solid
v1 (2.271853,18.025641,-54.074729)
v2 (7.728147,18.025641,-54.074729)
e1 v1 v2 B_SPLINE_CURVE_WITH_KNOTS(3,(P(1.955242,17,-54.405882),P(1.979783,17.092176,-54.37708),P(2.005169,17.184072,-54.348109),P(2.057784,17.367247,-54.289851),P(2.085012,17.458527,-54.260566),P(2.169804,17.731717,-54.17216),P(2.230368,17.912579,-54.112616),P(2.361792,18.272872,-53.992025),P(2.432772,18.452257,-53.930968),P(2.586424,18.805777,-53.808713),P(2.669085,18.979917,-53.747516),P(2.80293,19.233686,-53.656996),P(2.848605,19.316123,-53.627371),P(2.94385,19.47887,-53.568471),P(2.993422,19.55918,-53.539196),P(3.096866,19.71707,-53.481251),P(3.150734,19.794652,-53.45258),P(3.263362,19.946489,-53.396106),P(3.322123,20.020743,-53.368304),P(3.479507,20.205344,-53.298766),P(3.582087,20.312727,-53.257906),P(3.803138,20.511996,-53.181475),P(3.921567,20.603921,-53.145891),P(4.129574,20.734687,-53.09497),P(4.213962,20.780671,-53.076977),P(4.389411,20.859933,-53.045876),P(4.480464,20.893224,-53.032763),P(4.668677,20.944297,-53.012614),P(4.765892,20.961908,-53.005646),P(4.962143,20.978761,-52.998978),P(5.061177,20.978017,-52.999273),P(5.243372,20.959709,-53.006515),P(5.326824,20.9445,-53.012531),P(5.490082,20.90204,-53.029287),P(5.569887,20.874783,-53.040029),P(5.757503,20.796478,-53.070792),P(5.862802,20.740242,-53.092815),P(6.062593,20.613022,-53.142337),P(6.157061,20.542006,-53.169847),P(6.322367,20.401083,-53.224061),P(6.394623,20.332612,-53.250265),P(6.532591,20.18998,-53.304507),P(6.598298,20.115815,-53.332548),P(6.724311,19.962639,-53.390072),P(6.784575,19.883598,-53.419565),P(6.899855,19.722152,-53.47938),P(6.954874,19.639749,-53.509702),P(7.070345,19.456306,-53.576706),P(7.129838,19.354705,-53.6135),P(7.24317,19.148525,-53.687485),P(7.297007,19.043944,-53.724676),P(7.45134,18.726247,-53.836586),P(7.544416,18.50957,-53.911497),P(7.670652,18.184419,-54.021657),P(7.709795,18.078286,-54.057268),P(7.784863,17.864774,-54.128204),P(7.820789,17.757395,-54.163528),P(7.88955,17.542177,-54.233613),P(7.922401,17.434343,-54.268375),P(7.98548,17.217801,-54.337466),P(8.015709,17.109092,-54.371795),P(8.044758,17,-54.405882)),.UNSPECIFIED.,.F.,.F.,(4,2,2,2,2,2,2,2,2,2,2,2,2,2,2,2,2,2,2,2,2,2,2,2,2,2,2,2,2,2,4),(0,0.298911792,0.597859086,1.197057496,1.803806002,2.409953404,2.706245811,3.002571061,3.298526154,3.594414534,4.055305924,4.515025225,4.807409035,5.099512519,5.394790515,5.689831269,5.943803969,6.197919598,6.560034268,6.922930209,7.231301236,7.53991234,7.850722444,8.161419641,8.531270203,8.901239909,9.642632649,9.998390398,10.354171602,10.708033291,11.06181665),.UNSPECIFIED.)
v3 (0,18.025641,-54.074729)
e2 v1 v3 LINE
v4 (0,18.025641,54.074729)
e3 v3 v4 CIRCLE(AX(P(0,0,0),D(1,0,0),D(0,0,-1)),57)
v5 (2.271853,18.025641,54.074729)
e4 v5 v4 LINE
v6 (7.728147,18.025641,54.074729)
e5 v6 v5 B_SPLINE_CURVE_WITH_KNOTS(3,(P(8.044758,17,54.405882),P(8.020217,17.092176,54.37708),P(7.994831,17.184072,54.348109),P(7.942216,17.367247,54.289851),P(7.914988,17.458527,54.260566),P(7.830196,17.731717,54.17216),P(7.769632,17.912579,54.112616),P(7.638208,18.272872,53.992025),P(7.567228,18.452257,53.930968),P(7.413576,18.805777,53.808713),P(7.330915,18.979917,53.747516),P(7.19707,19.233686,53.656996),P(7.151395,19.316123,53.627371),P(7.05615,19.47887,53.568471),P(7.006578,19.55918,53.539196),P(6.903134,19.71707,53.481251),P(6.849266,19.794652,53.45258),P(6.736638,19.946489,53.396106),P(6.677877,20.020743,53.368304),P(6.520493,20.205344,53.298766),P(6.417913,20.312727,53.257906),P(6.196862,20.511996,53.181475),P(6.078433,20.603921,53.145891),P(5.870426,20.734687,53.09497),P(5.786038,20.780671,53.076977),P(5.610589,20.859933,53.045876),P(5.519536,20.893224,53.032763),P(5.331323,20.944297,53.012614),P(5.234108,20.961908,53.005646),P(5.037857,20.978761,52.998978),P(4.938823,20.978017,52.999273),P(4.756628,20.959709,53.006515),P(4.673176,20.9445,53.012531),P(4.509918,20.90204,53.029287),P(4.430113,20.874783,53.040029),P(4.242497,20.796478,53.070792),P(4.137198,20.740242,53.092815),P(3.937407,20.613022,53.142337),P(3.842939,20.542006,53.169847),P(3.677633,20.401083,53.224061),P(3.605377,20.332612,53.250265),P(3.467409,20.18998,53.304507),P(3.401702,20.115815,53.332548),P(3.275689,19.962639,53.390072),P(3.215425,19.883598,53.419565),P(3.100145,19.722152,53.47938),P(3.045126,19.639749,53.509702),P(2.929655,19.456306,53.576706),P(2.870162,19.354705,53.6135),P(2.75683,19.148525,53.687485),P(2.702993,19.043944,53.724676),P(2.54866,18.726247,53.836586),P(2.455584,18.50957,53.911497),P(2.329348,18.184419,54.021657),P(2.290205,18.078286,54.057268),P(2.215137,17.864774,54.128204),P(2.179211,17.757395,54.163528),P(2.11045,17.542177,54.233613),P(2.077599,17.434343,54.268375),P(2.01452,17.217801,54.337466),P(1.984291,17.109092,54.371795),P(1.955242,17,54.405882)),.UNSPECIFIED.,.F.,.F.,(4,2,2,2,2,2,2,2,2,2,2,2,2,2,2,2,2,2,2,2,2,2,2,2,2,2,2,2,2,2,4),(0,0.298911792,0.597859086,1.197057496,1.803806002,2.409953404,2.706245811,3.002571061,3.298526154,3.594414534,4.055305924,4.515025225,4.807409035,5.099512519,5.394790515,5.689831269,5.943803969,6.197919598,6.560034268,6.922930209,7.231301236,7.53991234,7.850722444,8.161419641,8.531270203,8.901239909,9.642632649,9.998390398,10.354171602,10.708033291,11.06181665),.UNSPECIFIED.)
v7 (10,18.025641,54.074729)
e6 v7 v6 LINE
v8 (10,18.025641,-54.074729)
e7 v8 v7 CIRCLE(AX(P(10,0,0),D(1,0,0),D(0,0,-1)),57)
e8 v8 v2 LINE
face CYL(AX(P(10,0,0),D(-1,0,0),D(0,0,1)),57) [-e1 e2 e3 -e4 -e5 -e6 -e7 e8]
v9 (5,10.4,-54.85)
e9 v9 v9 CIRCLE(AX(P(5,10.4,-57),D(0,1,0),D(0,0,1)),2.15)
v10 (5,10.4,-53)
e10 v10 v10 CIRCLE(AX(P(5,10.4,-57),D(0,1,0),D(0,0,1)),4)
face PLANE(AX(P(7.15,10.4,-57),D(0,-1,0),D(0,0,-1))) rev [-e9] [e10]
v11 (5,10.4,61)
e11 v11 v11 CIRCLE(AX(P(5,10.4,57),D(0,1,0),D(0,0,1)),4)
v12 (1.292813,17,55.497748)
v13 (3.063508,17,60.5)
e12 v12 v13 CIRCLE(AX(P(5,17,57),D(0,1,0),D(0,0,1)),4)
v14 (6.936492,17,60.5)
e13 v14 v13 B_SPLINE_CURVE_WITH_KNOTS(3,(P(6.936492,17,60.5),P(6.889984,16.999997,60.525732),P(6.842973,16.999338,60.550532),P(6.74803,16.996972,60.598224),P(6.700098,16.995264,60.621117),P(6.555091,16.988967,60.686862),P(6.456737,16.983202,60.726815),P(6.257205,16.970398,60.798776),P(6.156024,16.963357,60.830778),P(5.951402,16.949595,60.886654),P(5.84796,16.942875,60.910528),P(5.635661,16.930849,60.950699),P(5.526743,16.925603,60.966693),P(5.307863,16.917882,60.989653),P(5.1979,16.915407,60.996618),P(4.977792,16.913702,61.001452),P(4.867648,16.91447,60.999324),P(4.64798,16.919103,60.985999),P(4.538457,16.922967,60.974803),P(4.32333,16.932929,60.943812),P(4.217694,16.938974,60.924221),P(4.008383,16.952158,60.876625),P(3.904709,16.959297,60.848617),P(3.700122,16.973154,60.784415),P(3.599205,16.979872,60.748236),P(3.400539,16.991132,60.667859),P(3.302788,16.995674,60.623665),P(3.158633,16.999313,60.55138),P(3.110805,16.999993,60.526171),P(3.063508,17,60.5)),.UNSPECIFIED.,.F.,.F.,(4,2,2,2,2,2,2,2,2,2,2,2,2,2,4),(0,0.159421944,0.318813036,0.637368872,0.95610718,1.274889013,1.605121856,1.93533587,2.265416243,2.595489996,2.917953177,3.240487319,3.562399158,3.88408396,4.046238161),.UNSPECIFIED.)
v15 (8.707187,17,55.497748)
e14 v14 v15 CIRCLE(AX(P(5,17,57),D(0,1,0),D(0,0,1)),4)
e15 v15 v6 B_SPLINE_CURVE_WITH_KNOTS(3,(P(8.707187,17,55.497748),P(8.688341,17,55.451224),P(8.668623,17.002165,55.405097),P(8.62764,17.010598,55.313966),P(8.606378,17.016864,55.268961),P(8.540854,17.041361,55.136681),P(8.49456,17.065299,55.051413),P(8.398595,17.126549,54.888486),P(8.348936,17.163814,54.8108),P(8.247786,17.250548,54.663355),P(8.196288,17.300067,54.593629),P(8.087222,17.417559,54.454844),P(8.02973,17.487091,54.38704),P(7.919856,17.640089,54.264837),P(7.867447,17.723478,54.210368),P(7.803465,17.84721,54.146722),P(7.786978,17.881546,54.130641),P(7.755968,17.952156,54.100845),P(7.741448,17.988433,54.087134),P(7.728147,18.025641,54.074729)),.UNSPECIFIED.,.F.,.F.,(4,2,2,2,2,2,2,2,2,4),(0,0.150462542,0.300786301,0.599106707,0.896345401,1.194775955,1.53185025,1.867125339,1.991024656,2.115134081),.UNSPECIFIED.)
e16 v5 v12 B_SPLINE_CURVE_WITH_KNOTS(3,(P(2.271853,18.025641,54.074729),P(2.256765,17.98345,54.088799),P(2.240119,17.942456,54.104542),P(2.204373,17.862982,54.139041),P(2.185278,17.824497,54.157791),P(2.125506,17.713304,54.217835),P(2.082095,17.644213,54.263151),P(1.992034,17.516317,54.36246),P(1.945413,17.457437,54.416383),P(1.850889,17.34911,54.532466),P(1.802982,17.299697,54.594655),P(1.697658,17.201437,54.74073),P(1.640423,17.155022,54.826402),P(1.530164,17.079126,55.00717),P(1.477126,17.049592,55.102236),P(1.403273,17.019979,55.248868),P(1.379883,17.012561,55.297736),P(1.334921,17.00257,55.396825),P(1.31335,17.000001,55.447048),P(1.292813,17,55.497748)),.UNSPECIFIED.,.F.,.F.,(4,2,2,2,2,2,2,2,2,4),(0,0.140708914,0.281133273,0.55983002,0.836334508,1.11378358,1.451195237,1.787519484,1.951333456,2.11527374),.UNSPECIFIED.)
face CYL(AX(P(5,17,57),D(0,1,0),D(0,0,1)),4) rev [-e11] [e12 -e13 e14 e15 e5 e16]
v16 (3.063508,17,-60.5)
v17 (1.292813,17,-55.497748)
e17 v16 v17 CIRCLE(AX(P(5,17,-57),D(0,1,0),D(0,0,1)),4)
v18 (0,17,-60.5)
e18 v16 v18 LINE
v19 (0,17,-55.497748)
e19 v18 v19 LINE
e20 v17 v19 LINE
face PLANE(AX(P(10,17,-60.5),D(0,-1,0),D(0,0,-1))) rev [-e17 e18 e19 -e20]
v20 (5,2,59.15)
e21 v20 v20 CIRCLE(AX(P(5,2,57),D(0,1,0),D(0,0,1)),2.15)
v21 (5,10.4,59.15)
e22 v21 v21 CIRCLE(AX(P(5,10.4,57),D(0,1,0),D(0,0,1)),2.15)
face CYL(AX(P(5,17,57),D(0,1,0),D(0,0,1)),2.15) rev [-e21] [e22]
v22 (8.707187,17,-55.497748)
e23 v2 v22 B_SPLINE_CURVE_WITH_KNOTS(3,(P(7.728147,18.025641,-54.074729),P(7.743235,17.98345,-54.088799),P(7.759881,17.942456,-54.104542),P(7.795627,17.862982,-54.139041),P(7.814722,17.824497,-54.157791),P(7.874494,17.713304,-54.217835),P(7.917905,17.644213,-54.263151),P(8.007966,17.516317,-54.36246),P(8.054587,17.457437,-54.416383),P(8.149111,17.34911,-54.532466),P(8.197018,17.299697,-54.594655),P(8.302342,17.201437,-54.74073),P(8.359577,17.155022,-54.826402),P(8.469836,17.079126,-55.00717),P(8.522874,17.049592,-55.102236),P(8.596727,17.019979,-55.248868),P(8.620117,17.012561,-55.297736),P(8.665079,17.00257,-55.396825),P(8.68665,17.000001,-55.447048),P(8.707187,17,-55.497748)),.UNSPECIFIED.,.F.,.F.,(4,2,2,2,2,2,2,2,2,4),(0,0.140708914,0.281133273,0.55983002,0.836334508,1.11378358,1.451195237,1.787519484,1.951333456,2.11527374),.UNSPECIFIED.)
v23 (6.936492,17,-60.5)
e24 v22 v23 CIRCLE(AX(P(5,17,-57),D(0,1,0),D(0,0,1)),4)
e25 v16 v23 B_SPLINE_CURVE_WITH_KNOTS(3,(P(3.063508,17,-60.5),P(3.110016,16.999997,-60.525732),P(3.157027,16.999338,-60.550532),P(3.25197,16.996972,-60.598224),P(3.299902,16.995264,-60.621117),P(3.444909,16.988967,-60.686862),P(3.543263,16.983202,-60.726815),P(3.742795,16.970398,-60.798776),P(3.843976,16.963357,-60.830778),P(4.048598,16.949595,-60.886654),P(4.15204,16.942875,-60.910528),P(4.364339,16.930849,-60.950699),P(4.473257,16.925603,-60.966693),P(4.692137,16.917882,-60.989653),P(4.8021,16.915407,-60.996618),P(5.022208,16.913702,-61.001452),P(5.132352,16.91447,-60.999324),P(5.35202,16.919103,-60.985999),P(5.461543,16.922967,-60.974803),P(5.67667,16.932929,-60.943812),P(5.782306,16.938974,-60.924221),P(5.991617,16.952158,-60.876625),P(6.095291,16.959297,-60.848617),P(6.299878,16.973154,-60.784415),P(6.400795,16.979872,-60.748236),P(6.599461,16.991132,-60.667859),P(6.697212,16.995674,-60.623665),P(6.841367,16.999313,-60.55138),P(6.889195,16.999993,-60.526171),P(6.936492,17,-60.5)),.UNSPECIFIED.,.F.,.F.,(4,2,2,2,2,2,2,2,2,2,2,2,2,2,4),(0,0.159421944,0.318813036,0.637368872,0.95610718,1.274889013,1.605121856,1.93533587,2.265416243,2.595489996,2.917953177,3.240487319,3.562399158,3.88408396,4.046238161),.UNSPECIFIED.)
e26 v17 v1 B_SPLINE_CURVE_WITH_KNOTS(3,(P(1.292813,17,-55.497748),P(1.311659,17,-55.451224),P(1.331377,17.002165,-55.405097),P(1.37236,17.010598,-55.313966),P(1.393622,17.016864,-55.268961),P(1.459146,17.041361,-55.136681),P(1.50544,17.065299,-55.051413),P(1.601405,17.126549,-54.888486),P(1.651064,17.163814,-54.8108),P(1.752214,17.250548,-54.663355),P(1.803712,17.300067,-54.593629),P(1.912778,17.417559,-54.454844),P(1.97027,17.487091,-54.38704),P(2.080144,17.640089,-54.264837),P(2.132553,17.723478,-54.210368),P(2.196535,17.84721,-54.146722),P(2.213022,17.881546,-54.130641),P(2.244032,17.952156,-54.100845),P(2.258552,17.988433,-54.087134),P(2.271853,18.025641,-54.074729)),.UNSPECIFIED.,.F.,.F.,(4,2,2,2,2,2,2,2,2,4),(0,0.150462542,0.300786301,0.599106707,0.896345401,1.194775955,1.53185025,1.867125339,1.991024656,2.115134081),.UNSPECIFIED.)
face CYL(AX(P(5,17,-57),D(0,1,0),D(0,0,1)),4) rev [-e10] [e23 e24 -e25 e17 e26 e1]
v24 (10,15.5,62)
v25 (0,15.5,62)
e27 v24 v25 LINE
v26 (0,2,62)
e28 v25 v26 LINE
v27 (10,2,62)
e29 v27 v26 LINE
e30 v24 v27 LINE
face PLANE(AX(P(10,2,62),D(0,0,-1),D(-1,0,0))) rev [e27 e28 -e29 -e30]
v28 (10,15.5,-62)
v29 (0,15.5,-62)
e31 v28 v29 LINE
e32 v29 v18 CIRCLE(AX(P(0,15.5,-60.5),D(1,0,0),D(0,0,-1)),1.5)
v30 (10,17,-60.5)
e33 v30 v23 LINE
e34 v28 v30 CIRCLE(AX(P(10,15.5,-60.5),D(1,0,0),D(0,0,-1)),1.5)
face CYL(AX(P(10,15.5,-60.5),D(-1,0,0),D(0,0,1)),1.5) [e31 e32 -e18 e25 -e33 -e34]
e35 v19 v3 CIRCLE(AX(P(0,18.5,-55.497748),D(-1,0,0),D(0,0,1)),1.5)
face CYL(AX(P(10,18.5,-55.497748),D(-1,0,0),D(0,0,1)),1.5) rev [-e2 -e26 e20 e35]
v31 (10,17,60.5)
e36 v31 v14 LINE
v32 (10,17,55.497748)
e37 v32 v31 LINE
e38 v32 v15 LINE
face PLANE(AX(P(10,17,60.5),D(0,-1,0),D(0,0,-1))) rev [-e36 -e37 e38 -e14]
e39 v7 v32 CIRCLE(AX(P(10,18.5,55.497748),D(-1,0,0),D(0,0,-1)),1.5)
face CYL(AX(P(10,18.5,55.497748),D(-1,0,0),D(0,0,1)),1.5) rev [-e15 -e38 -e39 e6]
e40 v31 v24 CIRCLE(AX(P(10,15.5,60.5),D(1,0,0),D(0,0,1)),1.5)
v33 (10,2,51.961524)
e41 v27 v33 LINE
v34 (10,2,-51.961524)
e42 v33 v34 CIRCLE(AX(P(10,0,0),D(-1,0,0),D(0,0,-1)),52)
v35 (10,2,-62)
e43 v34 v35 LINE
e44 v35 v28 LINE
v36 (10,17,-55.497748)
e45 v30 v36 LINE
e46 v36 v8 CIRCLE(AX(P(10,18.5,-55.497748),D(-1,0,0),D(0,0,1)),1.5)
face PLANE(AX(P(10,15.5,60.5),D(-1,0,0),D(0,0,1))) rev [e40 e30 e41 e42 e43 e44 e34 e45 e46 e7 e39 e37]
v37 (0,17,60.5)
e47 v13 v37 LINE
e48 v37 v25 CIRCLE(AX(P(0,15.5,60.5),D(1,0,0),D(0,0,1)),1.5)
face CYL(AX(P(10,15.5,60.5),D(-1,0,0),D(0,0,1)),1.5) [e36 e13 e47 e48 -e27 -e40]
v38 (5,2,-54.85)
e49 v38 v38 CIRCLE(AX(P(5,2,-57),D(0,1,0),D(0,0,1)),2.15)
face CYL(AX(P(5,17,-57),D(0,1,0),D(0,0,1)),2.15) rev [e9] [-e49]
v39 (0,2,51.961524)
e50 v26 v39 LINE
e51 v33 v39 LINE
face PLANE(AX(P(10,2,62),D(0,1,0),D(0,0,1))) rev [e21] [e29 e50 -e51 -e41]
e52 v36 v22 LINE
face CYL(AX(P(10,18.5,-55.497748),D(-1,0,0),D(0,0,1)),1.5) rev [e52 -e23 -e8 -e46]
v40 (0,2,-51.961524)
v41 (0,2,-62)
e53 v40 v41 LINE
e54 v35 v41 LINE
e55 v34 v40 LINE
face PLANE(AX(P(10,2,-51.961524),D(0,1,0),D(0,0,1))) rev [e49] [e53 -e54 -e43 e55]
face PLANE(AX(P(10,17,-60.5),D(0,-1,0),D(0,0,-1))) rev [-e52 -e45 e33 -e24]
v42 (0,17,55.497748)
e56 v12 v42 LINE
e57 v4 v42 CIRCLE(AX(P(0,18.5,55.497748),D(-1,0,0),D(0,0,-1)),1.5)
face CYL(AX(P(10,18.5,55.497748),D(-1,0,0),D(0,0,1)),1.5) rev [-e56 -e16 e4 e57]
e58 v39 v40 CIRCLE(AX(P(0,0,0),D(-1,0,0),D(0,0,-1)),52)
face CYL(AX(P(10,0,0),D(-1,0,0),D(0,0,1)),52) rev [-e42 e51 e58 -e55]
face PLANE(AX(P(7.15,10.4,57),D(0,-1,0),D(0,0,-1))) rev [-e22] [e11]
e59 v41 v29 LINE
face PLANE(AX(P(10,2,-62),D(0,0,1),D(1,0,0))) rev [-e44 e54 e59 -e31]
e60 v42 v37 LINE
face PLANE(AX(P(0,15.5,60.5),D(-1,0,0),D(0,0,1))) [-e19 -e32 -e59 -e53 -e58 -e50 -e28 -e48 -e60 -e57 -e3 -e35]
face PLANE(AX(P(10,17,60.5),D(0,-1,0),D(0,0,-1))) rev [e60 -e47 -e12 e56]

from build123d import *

# Parameters (mm, degrees)
BOSS_EXTRUDE1_DEPTH                        = 10
CBORE_FOR_M4_CHEESE_HEAD_SCREW1_AT_2_COUNT = 2
CBORE_FOR_M4_CHEESE_HEAD_SCREW1_AT_2_PITCH = 114
SKETCH6_R                                  = 4
CUT_EXTRUDE1_DEPTH                         = 8


with BuildPart() as part:
    # Sketch1 → Boss-Extrude1 (new body)
    with BuildSketch(Plane(origin=(0, 0, 0), x_dir=(0, 0, -1), z_dir=(1, 0, 0))):
        with BuildLine():
            Line((-62, 2), (-51.961524227, 2))
            ThreePointArc((-51.961524227, 2), (0, 52), (51.961524227, 2))
            Line((51.961524227, 2), (62, 2))
            Line((62, 2), (62, 15.5))
            ThreePointArc((62, 15.5), (61.560660172, 16.560660172), (60.5, 17))
            Line((60.5, 17), (55.497747702, 17))
            ThreePointArc((55.497747702, 17), (54.620689683, 17.283131383), (54.07472853, 18.025641026))
            ThreePointArc((54.07472853, 18.025641026), (0, 57), (-54.07472853, 18.025641026))
            ThreePointArc((-54.07472853, 18.025641026), (-54.620689683, 17.283131383), (-55.497747702, 17))
            Line((-55.497747702, 17), (-60.5, 17))
            ThreePointArc((-60.5, 17), (-61.560660172, 16.560660172), (-62, 15.5))
            Line((-62, 15.5), (-62, 2))
        make_face()
    extrude(amount=BOSS_EXTRUDE1_DEPTH)

    # Sketch4 → CBORE for M4 Cheese Head Screw1 (revolve, cut)
    with BuildSketch(Plane(origin=(5, 17, -57), x_dir=(0, 0, 1), z_dir=(1, 0, 0))):
        Polygon((0, 0), (0, 21.291850331), (2.15, 20), (2.15, 6.6), (4, 6.6), (4, 0), align=None)
    cbore_for_m4_cheese_head_screw1 = revolve(axis=Axis((5, 23.35, -57), (0, -1, 0)), mode=Mode.SUBTRACT)

    # CBORE for M4 Cheese Head Screw1 at 2: CBORE for M4 Cheese Head Screw1 ×2
    with Locations(*[(0, 0, i * CBORE_FOR_M4_CHEESE_HEAD_SCREW1_AT_2_PITCH) for i in range(1, CBORE_FOR_M4_CHEESE_HEAD_SCREW1_AT_2_COUNT)]):
        add(cbore_for_m4_cheese_head_screw1, mode=Mode.SUBTRACT)

    # Sketch6 → Cut-Extrude1 (cut)
    with BuildSketch(Plane(origin=(0, 17, 0), x_dir=(1, 0, 0), z_dir=(0, 1, 0))):
        with Locations((5, 57)):
            Circle(SKETCH6_R)
        with Locations((5, -57)):
            Circle(SKETCH6_R)
    extrude(amount=CUT_EXTRUDE1_DEPTH, mode=Mode.SUBTRACT)


solid = part.part
